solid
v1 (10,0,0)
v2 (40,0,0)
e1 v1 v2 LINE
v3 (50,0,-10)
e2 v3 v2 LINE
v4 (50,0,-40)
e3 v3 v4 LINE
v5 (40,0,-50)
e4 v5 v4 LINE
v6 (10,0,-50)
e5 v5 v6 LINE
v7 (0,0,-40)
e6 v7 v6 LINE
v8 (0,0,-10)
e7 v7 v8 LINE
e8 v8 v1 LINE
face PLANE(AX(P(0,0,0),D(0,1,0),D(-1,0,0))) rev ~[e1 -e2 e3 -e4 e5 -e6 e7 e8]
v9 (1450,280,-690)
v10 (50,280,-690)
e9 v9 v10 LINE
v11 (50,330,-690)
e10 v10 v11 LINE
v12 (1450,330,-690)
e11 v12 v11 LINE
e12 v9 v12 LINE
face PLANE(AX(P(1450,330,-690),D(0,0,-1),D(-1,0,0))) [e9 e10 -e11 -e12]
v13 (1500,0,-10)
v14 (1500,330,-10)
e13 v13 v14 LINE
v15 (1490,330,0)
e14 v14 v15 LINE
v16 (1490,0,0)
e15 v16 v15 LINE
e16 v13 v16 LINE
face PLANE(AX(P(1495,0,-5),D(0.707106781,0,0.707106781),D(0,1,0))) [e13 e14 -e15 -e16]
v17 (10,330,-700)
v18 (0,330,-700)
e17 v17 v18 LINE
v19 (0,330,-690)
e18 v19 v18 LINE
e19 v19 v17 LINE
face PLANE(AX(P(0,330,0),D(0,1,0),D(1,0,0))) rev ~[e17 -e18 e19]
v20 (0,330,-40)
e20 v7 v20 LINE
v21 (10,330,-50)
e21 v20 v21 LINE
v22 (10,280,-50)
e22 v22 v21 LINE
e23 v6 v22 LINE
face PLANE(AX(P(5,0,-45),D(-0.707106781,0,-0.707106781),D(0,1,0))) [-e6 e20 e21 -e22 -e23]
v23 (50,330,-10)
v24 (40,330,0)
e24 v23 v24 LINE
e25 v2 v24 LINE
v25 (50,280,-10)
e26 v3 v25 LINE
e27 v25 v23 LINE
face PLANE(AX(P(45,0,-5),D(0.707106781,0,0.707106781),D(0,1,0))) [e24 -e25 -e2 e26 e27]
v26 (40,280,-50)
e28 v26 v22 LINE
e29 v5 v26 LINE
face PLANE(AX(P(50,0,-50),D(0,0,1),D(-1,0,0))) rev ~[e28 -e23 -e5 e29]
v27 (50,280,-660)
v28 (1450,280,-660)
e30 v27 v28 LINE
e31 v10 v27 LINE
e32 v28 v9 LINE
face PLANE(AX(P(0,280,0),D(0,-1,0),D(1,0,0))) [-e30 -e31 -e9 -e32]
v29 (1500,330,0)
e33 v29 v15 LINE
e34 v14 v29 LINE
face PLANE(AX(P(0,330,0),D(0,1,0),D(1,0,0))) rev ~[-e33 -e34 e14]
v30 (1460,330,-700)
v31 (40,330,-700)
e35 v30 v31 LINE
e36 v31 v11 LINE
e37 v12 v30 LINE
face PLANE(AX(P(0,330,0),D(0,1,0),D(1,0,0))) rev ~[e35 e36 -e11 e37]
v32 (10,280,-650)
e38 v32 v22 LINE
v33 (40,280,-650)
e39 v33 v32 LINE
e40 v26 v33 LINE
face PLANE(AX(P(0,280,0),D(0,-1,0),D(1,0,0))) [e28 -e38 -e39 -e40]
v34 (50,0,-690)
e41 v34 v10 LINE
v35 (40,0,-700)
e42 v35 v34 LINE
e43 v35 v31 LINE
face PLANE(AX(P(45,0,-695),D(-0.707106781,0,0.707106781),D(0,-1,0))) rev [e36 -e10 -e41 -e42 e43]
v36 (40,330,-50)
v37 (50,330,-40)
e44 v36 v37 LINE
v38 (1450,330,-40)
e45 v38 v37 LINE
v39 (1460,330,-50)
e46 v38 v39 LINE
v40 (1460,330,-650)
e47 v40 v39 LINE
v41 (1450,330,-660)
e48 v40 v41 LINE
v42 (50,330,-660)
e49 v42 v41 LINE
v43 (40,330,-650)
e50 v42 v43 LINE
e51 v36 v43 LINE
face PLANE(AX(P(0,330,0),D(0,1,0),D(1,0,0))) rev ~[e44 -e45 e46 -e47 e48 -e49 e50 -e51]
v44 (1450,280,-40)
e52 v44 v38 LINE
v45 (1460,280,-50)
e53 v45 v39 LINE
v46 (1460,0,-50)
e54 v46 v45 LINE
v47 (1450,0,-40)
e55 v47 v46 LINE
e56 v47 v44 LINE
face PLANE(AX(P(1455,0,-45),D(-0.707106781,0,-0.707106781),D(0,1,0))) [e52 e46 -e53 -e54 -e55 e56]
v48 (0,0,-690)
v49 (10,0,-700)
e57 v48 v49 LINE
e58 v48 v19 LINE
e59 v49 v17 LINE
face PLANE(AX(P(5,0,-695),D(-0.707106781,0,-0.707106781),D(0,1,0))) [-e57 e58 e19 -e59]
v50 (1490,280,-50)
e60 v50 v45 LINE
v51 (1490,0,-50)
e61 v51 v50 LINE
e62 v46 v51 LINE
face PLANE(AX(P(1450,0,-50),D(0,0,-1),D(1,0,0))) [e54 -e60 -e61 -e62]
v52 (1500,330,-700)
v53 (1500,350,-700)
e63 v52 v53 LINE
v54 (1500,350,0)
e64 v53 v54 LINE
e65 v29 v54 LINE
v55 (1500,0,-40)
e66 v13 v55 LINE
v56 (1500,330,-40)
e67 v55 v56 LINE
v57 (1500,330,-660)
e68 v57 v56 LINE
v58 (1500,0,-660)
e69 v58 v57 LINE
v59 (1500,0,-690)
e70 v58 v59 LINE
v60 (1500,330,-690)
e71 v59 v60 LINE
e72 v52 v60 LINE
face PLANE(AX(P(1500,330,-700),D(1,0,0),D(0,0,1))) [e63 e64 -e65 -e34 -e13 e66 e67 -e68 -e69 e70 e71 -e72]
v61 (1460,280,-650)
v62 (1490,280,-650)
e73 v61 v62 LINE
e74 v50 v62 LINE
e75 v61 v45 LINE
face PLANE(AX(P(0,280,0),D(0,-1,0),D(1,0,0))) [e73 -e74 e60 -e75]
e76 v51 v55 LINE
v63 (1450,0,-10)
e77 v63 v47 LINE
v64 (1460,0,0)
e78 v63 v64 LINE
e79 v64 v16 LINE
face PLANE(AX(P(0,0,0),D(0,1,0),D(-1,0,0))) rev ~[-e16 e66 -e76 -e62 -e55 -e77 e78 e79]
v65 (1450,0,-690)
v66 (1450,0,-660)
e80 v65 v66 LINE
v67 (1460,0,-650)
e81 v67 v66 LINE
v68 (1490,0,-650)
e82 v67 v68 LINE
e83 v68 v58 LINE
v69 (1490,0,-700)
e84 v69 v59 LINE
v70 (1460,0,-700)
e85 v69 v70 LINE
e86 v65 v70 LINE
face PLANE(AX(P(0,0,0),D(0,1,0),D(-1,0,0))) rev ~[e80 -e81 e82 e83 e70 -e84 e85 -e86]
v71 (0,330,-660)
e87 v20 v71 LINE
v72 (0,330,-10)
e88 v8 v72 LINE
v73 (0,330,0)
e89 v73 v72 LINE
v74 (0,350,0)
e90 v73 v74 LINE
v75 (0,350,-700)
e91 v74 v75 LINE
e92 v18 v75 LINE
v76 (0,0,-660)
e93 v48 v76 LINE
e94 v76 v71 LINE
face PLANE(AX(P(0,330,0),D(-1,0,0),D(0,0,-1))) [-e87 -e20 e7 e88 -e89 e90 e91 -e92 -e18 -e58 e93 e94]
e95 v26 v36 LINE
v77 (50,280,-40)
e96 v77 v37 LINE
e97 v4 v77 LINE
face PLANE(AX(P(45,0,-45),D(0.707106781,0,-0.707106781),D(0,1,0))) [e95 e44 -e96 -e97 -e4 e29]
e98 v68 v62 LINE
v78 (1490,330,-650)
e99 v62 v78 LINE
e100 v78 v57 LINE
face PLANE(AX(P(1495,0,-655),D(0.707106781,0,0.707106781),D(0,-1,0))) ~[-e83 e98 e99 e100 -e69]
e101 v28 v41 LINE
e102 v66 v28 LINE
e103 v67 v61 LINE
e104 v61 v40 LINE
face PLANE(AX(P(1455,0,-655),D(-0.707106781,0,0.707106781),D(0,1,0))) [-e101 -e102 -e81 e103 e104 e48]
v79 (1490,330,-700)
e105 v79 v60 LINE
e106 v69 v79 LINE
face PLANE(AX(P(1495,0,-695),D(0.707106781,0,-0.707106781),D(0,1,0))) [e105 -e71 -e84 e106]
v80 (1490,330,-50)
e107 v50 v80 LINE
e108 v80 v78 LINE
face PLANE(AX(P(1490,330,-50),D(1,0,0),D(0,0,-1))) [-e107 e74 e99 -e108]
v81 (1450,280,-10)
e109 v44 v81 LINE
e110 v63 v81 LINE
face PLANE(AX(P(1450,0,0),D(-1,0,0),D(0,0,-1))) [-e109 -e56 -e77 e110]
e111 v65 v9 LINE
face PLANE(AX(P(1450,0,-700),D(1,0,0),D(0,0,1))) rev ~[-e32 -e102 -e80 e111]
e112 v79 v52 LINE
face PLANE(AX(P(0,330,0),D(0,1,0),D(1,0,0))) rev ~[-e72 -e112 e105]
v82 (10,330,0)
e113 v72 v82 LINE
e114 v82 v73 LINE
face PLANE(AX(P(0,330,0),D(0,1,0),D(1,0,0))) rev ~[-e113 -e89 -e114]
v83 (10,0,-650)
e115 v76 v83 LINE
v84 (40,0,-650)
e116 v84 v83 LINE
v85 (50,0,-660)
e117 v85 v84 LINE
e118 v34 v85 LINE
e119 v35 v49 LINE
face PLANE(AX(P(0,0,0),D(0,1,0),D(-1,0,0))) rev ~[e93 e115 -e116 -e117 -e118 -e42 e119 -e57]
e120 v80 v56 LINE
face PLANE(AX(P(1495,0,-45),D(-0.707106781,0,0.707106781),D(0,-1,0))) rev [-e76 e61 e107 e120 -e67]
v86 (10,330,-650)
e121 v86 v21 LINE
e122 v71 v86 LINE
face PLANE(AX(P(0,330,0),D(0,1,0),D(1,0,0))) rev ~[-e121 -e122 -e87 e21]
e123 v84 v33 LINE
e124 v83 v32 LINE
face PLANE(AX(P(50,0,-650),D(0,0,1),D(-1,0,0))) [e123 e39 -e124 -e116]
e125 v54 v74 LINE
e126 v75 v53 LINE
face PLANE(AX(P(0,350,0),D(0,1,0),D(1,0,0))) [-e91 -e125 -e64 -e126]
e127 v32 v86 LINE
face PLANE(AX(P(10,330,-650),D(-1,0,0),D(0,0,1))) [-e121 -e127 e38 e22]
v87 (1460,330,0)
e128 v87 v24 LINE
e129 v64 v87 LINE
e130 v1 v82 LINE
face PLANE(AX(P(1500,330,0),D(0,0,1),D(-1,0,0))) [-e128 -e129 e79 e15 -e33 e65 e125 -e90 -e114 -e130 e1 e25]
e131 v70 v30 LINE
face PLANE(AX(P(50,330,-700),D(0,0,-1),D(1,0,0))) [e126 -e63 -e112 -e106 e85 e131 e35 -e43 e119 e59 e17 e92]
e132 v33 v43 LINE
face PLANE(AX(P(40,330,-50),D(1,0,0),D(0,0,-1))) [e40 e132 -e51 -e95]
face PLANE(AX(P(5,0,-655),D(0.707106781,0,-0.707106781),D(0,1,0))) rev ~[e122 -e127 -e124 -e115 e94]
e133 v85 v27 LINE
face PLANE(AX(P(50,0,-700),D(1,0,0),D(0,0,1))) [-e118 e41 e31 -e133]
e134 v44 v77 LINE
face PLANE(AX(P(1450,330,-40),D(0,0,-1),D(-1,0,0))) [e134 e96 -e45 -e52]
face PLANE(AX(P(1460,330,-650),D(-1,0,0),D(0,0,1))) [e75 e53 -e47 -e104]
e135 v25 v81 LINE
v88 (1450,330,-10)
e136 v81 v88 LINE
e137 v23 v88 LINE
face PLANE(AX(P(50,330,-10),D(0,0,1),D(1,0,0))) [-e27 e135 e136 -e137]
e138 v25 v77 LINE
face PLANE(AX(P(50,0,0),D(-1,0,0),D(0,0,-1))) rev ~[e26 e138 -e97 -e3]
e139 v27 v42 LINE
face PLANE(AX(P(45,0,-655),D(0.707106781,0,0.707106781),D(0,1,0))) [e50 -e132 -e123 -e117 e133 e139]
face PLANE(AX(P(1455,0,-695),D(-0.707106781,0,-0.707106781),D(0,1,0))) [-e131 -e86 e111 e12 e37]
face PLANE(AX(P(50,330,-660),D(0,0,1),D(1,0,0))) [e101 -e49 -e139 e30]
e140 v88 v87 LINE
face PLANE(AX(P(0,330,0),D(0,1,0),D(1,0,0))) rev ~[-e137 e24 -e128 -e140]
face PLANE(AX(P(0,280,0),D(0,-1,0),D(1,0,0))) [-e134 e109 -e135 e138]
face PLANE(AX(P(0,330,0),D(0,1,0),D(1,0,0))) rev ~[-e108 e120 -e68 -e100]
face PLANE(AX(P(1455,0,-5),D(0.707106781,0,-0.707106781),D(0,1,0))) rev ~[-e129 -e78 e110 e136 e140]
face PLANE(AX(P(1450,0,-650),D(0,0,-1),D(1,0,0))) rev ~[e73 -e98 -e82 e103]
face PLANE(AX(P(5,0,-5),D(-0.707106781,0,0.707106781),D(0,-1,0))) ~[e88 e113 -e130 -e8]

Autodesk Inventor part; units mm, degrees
ref_plane "YZ Plane" through (0, 0, 0) normal (1, 0, 0) x (0, 1, 0)
ref_plane "XZ Plane" through (0, 0, 0) normal (0, 1, 0) x (-1, 0, 0)
ref_plane "XY Plane" through (0, 0, 0) normal (0, 0, 1) x (1, 0, 0)
sketch "Sketch1" plane through (0, 0, 0) normal (0, 1, 0) x (-1, 0, 0)
  line L0 (0, 0) -> (-50, 0)
  line L1 (-50, 0) -> (-50, -50)
  line L2 (-50, -50) -> (0, -50)
  line L3 (0, -50) -> (0, 0)
  line L4 (0, 0) -> (-1500, 0)
  line L5 (-1500, 0) -> (-1500, -700)
  line L6 (-1500, -700) -> (0, -700)
  line L7 (0, -700) -> (0, 0)
  line L8 (0, -700) -> (-50, -700)
  line L9 (-50, -700) -> (-50, -650)
  line L10 (-50, -650) -> (0, -650)
  line L11 (0, -650) -> (0, -700)
  line L12 (-1500, -700) -> (-1450, -700)
  line L13 (-1450, -700) -> (-1450, -650)
  line L14 (-1450, -650) -> (-1500, -650)
  line L15 (-1500, -650) -> (-1500, -700)
  line L16 (-1500, 0) -> (-1450, 0)
  line L17 (-1450, 0) -> (-1450, -50)
  line L18 (-1450, -50) -> (-1500, -50)
  line L19 (-1500, -50) -> (-1500, 0)
  point P0 (-1500, -50)
  point P1 (-1450, 0)
  point P2 (0, -650)
  dimension "d0" = 50
  dimension "d1" = 50
  dimension "d2" = 1500
  dimension "d3" = 700
  dimension "d4" = 50
  dimension "d5" = 50
  dimension "d6" = 50
  dimension "d7" = 50
  dimension "d8" = 50
  dimension "d9" = 50
extrude "Extrusion1" add sketch "Sketch1" along normal blind 330 contours L3 L2 L1 L0 | L17 L18 L5 L4 | L7 L6 L9 L10 | L14 L13 L6 L5
sketch "Sketch2" plane through (0, 330, 0) normal (0, 1, 0) x (1, 0, 0)
  line L0 (50, 700) -> (0, 700) projected
  line L1 (0, 700) -> (1500, 700)
  line L2 (1500, 700) -> (1500, 0)
  line L3 (1500, 0) -> (0, 0)
  line L4 (0, 0) -> (0, 700)
chamfer "Chamfer1" distance 10 angle 45 16 edges at (0, 165, -650) (50, 165, -650) (50, 165, -700) (0, 165, -700) (1450, 165, -650) (1450, 165, -700) (1500, 165, -700) (1500, 165, -650) (1450, 165, 0) (1500, 165, -50) (1500, 165, 0) (1450, 165, -50) (0, 165, -50) (0, 165, 0) (50, 165, 0) (50, 165, -50)
extrude "Extrusion2" add sketch "Sketch2" along normal blind 20
sketch "Sketch3" plane through (0, 330, 0) normal (0, -1, 0) x (1, 0, 0)
  line L0 (50, -10) -> (50, -40) projected
  line L1 (1450, -40) -> (1450, -10) projected
  line L2 (50, -10) -> (1450, -10)
  line L3 (1450, -10) -> (1450, -40)
  line L4 (1450, -40) -> (50, -40)
  line L5 (50, -40) -> (50, -10)
  line L6 (1490, -50) -> (1460, -50) projected
  line L7 (1460, -650) -> (1490, -650) projected
  line L8 (1460, -50) -> (1490, -50)
  line L9 (1490, -50) -> (1490, -650)
  line L10 (1490, -650) -> (1460, -650)
  line L11 (1460, -650) -> (1460, -50)
  line L12 (50, -660) -> (1450, -660)
  line L13 (1450, -660) -> (1450, -690)
  line L14 (1450, -690) -> (50, -690)
  line L15 (50, -690) -> (50, -660)
  line L16 (40, -50) -> (10, -50) projected
  line L17 (10, -50) -> (40, -50)
  line L18 (40, -50) -> (40, -650)
  line L19 (40, -650) -> (10, -650)
  line L20 (10, -650) -> (10, -50)
  point P0 (0, 0)
extrude "Extrusion3" add sketch "Sketch3" along normal blind 50
properties part number "Table"
